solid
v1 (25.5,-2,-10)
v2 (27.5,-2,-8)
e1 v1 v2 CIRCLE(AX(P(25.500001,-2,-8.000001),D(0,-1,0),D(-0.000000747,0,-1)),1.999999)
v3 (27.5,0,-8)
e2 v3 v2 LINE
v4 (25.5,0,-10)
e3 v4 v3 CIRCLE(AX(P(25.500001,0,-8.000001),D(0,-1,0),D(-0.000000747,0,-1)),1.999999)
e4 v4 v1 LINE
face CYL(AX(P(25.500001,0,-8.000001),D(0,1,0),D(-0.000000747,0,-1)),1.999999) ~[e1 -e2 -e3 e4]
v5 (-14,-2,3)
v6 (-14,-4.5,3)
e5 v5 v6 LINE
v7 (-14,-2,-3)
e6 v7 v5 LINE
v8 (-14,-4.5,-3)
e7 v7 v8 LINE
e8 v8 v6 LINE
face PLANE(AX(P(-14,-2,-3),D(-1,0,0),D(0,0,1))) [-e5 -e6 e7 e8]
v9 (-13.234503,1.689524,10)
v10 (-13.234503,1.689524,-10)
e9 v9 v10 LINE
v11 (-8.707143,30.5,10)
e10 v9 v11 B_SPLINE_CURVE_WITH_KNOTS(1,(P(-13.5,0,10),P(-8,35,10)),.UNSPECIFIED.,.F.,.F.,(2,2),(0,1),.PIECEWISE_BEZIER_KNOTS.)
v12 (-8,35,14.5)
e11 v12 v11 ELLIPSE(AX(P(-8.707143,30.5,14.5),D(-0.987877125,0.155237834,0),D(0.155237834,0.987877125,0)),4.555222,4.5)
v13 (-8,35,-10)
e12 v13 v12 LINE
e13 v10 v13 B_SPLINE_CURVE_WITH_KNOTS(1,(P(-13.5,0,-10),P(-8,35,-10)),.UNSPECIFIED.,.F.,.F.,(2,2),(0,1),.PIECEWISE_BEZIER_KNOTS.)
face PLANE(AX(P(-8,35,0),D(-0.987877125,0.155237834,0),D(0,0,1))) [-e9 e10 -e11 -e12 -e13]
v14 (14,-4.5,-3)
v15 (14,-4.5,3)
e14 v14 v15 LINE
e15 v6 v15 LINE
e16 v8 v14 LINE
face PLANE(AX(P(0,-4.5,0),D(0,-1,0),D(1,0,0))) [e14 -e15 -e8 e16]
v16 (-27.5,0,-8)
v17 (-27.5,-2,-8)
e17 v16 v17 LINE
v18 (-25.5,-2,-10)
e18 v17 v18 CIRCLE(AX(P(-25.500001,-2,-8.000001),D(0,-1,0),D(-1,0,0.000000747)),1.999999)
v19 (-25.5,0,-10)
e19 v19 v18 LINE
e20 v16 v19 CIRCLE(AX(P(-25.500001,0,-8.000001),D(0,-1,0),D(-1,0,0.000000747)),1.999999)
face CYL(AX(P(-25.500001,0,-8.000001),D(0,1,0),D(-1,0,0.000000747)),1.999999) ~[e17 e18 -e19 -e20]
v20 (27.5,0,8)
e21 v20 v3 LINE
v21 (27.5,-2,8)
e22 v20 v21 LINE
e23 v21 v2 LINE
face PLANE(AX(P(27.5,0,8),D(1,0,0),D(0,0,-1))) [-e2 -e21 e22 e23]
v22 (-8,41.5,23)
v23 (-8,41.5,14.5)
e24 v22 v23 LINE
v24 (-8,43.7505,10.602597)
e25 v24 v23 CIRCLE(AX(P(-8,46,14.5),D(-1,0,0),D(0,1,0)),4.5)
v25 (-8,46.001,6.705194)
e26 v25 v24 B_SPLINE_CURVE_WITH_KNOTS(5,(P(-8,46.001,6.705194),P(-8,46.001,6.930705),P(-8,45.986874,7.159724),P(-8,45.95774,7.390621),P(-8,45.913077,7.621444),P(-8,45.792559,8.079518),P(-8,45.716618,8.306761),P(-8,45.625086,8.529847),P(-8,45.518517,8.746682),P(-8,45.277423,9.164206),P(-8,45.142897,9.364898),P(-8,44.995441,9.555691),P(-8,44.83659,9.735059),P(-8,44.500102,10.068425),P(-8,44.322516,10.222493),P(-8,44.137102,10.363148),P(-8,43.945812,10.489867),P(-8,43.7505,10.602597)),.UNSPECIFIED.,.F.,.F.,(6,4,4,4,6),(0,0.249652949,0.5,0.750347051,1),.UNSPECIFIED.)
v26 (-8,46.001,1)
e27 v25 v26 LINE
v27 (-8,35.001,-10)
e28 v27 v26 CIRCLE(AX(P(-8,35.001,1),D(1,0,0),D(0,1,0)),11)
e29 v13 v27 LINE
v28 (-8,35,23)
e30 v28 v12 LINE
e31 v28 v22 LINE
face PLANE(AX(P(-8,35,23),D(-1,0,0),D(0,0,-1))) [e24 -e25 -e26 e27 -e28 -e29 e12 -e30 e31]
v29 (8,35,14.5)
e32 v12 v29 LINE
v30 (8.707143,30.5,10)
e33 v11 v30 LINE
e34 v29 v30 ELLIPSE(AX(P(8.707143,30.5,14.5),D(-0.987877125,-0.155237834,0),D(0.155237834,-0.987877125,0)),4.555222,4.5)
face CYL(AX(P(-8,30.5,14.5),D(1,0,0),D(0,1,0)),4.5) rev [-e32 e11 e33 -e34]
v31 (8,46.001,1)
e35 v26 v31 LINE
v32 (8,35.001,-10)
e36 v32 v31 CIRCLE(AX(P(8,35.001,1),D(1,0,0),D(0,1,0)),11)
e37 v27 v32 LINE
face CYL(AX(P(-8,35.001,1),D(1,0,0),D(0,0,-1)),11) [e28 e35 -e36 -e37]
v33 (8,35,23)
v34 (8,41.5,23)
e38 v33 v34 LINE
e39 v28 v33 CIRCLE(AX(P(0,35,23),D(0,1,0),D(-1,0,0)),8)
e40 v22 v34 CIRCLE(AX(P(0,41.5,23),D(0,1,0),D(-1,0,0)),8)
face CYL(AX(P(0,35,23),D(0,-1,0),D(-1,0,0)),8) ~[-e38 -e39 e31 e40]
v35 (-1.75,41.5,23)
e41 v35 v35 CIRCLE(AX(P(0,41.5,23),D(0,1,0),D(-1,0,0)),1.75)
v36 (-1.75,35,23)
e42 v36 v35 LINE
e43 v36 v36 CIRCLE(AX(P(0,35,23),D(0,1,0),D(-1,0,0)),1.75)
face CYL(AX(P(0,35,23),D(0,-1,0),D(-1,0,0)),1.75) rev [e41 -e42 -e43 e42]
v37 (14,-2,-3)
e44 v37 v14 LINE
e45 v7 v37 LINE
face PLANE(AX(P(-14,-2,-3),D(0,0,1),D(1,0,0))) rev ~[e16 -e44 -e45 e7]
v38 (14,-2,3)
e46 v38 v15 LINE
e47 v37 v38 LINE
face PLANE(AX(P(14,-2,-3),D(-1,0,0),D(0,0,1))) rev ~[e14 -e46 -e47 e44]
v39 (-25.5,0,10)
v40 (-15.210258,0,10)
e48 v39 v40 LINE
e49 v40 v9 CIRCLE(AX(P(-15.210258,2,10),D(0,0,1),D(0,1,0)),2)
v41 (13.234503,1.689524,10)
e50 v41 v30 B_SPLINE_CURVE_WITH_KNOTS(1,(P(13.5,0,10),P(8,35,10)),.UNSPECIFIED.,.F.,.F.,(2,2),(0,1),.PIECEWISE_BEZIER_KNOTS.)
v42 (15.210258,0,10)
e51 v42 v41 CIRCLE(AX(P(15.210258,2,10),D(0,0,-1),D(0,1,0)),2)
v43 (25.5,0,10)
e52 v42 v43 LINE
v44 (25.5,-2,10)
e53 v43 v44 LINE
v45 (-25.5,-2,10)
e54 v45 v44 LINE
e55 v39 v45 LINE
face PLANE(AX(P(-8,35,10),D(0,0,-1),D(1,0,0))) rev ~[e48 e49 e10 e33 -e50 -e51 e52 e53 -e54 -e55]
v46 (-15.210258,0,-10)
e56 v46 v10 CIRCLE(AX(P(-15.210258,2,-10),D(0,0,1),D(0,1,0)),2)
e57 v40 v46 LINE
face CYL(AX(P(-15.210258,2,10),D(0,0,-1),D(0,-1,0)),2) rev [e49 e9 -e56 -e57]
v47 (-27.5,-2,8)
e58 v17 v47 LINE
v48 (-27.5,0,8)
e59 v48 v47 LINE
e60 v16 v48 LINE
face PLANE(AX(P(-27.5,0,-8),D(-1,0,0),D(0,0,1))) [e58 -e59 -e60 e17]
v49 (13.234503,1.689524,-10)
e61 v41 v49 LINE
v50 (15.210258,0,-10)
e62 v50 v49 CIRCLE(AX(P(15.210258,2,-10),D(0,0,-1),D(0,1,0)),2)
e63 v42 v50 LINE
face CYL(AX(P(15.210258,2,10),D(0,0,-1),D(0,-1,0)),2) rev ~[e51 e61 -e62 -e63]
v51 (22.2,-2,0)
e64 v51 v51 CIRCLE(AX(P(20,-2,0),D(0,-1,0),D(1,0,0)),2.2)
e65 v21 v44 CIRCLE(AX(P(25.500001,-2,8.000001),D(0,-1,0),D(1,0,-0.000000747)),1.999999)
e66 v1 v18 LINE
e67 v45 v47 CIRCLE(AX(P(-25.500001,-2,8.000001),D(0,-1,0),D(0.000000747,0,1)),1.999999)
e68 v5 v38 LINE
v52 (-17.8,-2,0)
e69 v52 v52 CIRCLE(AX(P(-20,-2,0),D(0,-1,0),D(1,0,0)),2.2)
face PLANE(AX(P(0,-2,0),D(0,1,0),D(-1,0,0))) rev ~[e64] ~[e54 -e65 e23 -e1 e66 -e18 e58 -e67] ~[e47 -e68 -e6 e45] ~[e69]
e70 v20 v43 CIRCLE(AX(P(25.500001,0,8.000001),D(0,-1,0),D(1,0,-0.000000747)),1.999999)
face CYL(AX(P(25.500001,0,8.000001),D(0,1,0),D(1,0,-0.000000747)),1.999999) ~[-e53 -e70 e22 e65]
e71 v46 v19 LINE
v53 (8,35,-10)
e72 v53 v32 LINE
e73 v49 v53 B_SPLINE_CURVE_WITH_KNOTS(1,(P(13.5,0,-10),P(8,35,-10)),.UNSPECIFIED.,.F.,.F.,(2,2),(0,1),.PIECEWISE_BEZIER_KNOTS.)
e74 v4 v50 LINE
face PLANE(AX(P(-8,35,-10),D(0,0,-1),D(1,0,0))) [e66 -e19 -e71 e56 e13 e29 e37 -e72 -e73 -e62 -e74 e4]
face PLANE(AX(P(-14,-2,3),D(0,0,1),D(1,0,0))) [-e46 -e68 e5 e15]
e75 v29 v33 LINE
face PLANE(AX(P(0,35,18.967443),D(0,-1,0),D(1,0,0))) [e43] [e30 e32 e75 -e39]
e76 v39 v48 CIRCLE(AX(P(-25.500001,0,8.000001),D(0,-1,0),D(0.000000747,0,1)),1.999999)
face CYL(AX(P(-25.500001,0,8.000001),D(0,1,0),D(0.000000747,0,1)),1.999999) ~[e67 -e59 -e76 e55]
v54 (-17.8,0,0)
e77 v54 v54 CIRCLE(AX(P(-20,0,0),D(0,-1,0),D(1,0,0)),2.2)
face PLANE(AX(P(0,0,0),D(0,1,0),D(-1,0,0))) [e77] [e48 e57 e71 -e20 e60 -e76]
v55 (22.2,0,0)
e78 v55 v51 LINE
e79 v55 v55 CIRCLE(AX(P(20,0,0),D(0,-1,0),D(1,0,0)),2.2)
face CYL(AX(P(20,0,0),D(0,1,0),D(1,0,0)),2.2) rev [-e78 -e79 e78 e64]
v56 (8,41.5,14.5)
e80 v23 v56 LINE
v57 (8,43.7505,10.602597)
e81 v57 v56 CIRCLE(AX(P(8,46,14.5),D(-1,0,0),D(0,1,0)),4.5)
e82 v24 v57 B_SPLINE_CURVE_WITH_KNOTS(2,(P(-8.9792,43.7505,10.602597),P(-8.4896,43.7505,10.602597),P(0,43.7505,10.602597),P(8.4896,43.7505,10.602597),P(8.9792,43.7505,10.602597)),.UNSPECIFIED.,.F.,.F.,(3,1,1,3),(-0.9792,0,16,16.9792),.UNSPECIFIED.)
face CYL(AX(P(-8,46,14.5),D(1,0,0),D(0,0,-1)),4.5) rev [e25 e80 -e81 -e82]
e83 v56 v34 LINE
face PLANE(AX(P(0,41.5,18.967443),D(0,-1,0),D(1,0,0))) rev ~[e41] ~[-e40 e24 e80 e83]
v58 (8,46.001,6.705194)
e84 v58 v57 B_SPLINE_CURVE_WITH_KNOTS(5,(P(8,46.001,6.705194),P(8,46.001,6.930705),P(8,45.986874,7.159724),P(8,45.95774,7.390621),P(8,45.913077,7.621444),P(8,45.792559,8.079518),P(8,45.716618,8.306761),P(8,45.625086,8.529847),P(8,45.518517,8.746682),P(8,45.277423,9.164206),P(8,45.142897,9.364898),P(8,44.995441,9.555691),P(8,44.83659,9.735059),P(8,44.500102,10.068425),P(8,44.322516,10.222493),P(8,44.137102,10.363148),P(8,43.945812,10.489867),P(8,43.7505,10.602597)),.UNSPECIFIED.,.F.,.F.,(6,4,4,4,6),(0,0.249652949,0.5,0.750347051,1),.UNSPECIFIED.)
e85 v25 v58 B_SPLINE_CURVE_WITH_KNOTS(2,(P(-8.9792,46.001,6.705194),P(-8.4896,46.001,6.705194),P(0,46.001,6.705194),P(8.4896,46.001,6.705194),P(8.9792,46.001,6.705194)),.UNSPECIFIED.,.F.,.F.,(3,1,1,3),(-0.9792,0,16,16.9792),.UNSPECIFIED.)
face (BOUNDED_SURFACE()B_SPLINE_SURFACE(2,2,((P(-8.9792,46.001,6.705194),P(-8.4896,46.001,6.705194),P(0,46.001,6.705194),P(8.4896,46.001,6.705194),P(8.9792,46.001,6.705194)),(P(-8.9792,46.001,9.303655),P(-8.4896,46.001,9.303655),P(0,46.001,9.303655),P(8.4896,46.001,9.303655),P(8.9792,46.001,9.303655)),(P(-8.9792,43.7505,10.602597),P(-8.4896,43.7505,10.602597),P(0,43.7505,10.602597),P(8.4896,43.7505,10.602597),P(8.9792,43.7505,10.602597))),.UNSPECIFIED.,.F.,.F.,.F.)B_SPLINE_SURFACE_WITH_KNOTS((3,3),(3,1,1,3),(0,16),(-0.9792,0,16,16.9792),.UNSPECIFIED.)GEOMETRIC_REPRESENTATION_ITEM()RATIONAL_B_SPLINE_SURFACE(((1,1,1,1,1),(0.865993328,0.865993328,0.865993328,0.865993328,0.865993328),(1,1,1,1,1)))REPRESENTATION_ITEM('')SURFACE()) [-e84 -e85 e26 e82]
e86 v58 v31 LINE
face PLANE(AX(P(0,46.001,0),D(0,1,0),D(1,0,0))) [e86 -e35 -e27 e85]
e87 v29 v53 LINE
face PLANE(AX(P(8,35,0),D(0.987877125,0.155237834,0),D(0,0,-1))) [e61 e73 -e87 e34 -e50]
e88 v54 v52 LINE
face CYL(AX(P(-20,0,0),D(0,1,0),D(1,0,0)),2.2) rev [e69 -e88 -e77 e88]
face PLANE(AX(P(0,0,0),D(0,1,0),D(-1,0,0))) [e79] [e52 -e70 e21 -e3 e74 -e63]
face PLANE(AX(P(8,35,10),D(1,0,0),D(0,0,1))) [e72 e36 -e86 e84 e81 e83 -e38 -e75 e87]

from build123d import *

# Parameters (mm, degrees)
SKETCH035_R        = 2.2
PAD026_DEPTH       = 2
SKETCH036_W        = 28
SKETCH036_H        = 6
PAD027_DEPTH       = 2.5
SKETCH037_W        = 27
SKETCH037_H        = 20
SKETCH038_W        = 16
SKETCH038_H        = 20
FILLET010_R        = 2
SKETCH041_W        = 16
SKETCH041_H        = 20
PAD028_DEPTH       = 11.001
SKETCH039_R        = 1.75
PAD029_DEPTH       = 6.5
FILLET011_R        = 11
FILLET012_R        = 4.5
FILLET013_R        = 4.5
BODY007_ROLL_ANGLE = -90


with BuildPart() as part:
    # Sketch035 → Pad026 (new body)
    with BuildSketch(Plane(origin=(0, 0, 0), x_dir=(1, 0, 0), z_dir=(0, 0, -1))):
        with BuildLine():
            Line((-25.5, 10), (25.5, 10))
            ThreePointArc((27.5, 8), (26.914214, 9.414214), (25.5, 10))
            Line((27.5, 8), (27.5, -8))
            ThreePointArc((25.5, -10), (26.914214, -9.414214), (27.5, -8))
            Line((25.5, -10), (-25.5, -10))
            ThreePointArc((-27.5, -8), (-26.914214, -9.414214), (-25.5, -10))
            Line((-27.5, -8), (-27.5, 8))
            ThreePointArc((-25.5, 10), (-26.914214, 9.414214), (-27.5, 8))
        make_face()
        with Locations((-20, 0)):
            Circle(SKETCH035_R, mode=Mode.SUBTRACT)
        with Locations((20, 0)):
            Circle(SKETCH035_R, mode=Mode.SUBTRACT)
    extrude(amount=PAD026_DEPTH)

    # Sketch036 → Pad027 (join)
    with BuildSketch(Plane(origin=(0, 0, -2), x_dir=(1, 0, 0), z_dir=(0, 0, -1))):
        Rectangle(SKETCH036_W, SKETCH036_H)
    extrude(amount=PAD027_DEPTH)

    # Sketch037 → AdditiveLoft001 section 0
    with BuildSketch(Plane.XY):
        Rectangle(SKETCH037_W, SKETCH037_H)
    # Sketch038 → AdditiveLoft001 section 1
    with BuildSketch(Plane.XY.offset(35)):
        Rectangle(SKETCH038_W, SKETCH038_H)
    loft()

    # Fillet010
    fillet010_edges = [part.edges().sort_by_distance(p)[0] for p in [
        (-13.5, 0, 0),
        (13.5, 0, 0),
    ]]
    fillet(fillet010_edges, radius=FILLET010_R)

    # Sketch041 → Pad028 (join)
    with BuildSketch(Plane.XY.offset(35)):
        Rectangle(SKETCH041_W, SKETCH041_H)
    extrude(amount=PAD028_DEPTH)

    # Sketch039 → Pad029 (join)
    with BuildSketch(Plane(origin=(0, -10, 35), x_dir=(-1, 0, 0), z_dir=(0, 0, 1))):
        with BuildLine():
            Line((8, 0), (-8, 0))
            Line((-8, 0), (-8, 13))
            ThreePointArc((8, 13), (0, 21), (-8, 13))
            Line((8, 13), (8, 0))
        make_face()
        with Locations((0, 13)):
            Circle(SKETCH039_R, mode=Mode.SUBTRACT)
    extrude(amount=PAD029_DEPTH)

    # Fillet011
    fillet011_edges = [part.edges().sort_by_distance(p)[0] for p in [
        (0, 10, 46.001),
    ]]
    fillet(fillet011_edges, radius=FILLET011_R)

    # Fillet012
    fillet012_edges = [part.edges().sort_by_distance(p)[0] for p in [
        (0, -10, 41.5),
        (0, -10, 35),
    ]]
    fillet(fillet012_edges, radius=FILLET012_R)

    # Fillet013
    fillet013_edges = [part.edges().sort_by_distance(p)[0] for p in [
        (0, -10, 46.001),
    ]]
    fillet(fillet013_edges, radius=FILLET013_R)


with BuildPart() as part_1:
    # Body007 roll: moved
    add(part.part.rotate(Axis((0, 0, 0), (1, 0, 0)), BODY007_ROLL_ANGLE))


with BuildPart() as part_2:
    # Body007 placement: moved
    add(part_1.part)


solid = part_2.part
